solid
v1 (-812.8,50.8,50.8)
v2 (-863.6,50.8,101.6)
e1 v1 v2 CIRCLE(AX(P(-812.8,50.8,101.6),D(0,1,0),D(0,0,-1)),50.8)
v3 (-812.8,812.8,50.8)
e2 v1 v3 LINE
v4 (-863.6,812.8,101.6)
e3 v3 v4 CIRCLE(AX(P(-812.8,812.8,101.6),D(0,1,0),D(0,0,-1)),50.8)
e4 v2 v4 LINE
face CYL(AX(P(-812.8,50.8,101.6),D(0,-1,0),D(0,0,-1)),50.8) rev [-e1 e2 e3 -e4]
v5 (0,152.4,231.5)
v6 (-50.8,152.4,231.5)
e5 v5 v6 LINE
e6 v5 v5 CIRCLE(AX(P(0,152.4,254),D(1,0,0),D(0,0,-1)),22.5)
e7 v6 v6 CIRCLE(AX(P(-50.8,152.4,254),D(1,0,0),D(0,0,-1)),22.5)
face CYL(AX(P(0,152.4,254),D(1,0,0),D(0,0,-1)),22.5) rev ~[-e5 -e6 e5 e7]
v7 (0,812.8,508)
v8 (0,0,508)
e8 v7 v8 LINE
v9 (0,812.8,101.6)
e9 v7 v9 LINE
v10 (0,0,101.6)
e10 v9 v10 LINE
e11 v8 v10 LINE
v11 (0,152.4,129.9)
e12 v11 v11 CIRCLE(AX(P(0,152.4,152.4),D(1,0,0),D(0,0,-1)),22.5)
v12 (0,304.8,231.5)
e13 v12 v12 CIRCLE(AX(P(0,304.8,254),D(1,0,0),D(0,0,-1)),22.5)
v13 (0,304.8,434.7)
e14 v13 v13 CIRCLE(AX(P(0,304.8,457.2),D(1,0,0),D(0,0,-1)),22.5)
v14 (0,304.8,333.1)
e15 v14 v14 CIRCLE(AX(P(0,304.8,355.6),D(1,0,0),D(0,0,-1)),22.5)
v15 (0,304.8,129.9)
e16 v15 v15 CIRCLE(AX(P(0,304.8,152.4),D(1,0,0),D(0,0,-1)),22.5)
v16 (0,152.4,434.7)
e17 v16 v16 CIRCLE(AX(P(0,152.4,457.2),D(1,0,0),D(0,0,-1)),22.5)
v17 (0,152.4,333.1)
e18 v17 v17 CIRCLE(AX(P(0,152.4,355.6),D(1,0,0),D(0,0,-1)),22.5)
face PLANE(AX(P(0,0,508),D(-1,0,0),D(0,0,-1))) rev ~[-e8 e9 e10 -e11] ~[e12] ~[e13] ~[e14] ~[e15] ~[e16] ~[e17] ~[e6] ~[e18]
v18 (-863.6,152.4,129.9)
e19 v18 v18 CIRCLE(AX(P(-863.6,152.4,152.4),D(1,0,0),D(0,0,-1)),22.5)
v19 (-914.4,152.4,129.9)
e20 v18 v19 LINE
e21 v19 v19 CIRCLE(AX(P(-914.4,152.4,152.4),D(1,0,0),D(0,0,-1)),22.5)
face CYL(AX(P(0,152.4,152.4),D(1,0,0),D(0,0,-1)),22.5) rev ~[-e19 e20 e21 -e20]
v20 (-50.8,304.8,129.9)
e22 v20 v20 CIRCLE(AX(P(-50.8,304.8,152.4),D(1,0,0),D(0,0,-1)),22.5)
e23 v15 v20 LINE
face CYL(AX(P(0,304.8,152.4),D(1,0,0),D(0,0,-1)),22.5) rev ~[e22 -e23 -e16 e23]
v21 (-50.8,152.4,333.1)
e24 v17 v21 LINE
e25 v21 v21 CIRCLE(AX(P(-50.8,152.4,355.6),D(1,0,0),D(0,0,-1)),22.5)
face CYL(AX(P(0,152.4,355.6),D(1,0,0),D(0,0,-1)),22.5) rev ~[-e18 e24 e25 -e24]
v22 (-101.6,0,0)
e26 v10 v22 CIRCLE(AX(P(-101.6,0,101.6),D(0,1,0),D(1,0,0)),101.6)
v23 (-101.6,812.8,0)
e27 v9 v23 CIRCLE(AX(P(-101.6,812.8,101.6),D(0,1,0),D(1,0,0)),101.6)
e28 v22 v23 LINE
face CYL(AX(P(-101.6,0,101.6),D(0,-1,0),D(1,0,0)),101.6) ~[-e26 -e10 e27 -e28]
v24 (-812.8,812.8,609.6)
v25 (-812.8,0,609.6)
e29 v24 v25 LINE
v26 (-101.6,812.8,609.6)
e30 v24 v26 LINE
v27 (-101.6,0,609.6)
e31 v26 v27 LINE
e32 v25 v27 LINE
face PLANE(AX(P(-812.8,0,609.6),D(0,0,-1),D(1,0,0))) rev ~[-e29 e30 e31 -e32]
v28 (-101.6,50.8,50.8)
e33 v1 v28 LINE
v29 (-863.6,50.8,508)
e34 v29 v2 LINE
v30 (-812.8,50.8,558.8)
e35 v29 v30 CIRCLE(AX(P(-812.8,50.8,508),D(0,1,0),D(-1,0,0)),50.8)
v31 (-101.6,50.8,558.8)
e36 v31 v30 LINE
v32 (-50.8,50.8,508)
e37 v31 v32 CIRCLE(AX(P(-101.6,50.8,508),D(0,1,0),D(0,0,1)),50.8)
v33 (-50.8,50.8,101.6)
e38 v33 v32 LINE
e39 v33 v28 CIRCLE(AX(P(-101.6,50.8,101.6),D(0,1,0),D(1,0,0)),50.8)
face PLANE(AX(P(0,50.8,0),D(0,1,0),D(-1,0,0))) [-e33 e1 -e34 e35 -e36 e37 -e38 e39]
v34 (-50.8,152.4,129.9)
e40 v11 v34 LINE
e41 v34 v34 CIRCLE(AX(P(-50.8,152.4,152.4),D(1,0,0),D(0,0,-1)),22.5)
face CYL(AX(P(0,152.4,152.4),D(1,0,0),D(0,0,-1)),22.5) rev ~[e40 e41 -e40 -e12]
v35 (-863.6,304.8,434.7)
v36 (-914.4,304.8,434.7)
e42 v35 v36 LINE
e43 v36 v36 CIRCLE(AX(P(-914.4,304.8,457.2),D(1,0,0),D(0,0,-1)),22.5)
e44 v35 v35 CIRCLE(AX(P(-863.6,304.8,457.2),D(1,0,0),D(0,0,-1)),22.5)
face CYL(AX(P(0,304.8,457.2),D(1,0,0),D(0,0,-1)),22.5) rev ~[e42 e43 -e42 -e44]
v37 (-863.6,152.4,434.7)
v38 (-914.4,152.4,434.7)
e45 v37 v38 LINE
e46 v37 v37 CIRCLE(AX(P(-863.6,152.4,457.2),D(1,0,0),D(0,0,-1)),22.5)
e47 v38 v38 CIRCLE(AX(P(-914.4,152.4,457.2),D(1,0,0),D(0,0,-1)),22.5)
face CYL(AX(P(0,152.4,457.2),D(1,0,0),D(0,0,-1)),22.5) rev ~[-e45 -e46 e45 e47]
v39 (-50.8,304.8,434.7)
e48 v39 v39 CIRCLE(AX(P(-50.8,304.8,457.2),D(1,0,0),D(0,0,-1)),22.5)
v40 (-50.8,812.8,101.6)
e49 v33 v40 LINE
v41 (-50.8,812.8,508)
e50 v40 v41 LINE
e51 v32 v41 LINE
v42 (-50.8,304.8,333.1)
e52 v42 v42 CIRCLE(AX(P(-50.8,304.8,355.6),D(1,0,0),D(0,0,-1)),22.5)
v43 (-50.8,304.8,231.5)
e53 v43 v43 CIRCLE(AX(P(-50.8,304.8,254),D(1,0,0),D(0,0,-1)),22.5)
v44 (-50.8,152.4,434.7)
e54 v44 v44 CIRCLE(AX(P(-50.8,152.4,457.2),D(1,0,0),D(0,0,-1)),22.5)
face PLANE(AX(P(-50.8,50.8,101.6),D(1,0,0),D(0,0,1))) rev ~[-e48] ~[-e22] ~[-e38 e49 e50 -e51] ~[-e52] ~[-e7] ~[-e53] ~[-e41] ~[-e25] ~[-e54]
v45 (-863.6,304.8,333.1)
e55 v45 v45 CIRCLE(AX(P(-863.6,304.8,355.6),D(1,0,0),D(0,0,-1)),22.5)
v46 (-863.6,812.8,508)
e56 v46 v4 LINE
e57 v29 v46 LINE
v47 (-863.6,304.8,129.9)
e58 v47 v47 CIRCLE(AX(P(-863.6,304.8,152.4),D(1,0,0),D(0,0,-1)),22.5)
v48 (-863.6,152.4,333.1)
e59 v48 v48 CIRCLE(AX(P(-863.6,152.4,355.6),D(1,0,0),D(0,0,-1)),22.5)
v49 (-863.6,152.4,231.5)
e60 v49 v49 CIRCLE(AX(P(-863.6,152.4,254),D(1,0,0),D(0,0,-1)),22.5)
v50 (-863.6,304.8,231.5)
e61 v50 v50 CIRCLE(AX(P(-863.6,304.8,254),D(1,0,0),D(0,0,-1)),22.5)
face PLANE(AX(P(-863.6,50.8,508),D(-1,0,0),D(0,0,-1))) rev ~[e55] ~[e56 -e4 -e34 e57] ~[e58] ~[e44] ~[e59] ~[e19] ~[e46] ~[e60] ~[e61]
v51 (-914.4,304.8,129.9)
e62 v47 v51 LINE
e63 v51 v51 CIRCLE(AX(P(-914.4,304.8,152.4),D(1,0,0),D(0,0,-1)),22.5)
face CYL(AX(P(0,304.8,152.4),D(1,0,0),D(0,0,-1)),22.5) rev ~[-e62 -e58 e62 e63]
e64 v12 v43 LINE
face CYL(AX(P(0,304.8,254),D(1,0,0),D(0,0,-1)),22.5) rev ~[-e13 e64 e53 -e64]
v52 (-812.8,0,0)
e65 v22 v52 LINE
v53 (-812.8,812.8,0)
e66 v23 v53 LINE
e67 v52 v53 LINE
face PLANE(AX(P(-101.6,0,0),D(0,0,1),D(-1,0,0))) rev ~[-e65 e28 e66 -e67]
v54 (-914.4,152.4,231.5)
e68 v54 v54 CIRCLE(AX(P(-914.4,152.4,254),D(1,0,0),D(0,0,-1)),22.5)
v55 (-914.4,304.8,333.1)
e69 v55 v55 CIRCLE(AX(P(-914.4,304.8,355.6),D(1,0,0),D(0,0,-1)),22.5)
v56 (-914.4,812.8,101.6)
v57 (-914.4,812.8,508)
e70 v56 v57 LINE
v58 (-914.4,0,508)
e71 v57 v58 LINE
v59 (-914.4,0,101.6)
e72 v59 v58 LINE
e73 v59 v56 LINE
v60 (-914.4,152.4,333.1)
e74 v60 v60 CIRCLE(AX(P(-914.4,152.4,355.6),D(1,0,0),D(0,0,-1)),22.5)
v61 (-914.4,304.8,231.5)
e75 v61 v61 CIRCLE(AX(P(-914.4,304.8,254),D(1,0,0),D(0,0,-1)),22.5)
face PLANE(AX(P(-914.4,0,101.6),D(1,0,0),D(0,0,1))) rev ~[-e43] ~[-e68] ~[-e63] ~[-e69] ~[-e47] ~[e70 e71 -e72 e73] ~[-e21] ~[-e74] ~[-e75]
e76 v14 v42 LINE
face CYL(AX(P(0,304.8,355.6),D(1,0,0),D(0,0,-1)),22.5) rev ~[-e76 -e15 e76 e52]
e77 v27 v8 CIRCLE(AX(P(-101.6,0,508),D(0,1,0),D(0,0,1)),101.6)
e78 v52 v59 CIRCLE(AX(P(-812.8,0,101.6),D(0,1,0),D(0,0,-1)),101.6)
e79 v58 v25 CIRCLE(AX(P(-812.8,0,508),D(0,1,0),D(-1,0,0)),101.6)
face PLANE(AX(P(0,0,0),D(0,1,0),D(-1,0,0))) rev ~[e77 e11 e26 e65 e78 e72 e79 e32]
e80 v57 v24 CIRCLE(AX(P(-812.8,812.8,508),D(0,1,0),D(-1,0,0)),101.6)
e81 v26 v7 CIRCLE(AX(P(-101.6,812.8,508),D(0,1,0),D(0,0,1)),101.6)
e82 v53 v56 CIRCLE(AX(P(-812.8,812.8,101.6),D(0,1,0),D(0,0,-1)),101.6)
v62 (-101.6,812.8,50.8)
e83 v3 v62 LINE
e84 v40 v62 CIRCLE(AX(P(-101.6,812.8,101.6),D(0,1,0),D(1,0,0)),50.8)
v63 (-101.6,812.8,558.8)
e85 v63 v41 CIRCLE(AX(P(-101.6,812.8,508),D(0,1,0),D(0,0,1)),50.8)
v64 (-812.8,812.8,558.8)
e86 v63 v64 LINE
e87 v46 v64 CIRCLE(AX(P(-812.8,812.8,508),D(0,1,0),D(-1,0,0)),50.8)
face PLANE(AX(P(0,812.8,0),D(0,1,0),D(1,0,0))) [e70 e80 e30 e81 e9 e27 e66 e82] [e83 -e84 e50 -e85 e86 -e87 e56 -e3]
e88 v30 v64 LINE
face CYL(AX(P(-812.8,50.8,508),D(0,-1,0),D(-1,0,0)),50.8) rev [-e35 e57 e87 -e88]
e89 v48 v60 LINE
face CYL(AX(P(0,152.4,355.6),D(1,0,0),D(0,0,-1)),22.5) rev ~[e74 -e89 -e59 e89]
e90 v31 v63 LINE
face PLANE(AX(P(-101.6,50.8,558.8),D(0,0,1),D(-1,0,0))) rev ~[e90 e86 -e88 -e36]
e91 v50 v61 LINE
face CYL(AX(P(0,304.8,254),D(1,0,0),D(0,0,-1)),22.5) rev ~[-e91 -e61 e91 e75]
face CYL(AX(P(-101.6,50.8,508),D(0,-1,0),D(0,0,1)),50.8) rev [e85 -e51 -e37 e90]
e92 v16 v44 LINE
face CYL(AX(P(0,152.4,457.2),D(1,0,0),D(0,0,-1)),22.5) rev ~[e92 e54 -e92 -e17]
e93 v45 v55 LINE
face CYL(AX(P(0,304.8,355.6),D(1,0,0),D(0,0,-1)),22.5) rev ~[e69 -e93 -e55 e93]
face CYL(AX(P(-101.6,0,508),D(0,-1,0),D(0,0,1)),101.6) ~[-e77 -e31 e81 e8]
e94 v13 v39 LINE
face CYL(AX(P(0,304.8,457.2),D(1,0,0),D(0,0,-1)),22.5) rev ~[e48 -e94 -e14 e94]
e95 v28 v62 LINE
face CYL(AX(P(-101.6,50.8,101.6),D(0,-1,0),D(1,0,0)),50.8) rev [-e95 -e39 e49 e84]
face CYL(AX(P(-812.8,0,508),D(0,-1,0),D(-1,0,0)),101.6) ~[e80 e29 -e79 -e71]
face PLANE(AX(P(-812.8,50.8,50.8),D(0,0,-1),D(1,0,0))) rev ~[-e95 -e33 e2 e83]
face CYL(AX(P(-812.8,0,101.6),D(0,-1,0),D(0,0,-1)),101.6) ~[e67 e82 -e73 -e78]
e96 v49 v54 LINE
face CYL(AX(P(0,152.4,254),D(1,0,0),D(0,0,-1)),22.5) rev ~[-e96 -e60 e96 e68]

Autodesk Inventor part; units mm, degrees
ref_plane "YZ Plane" through (0, 0, 0) normal (1, 0, 0) x (0, 1, 0)
ref_plane "XZ Plane" through (0, 0, 0) normal (0, 1, 0) x (-1, 0, 0)
ref_plane "XY Plane" through (0, 0, 0) normal (0, 0, 1) x (1, 0, 0)
sketch "Sketch1" plane through (0, 0, 0) normal (0, 1, 0) x (-1, 0, 0)
  line L0 (101.6, 0) -> (812.8, 0)
  line L1 (914.4, 101.6) -> (914.4, 508)
  line L2 (812.8, 609.6) -> (101.6, 609.6)
  line L3 (0, 508) -> (0, 101.6)
  arc A0 (101.6, 609.6) -> (0, 508) centre (101.6, 508) ccw
  arc A1 (0, 101.6) -> (101.6, 0) centre (101.6, 101.6) ccw
  arc A2 (812.8, 0) -> (914.4, 101.6) centre (812.8, 101.6) ccw
  arc A3 (914.4, 508) -> (812.8, 609.6) centre (812.8, 508) ccw
  point P0 (0, 0)
  point P1 (914.4, 609.6)
  point P2 (914.4, 0)
  point P3 (0, 609.6)
  dimension "d0" = 914.4
  dimension "d1" = 609.6
  dimension "d9" = 101.6
extrude "Extrusion1" add sketch "Sketch1" along normal blind 50.8
sketch "Sketch3" plane through (0, 50.8, 0) normal (0, 1, 0) x (1, 0, 0)
  line L0 (0, -508) -> (0, -101.6) projected
  arc A0 (0, -101.6) -> (-101.6, 0) centre (-101.6, -101.6) ccw projected
  line L1 (-101.6, 0) -> (-812.8, 0) projected
  arc A1 (-812.8, 0) -> (-914.4, -101.6) centre (-812.8, -101.6) ccw projected
  line L2 (-914.4, -101.6) -> (-914.4, -508) projected
  arc A2 (-914.4, -508) -> (-812.8, -609.6) centre (-812.8, -508) ccw projected
  line L3 (-812.8, -609.6) -> (-101.6, -609.6) projected
  arc A3 (-101.6, -609.6) -> (0, -508) centre (-101.6, -508) ccw projected
  line L4 (-812.8, -50.8) -> (-101.6, -50.8)
  arc A4 (-50.8, -101.6) -> (-101.6, -50.8) centre (-101.6, -101.6) ccw
  line L5 (-50.8, -101.6) -> (-50.8, -508)
  arc A5 (-101.6, -558.8) -> (-50.8, -508) centre (-101.6, -508) ccw
  line L6 (-101.6, -558.8) -> (-812.8, -558.8)
  arc A6 (-863.6, -508) -> (-812.8, -558.8) centre (-812.8, -508) ccw
  line L7 (-863.6, -508) -> (-863.6, -101.6)
  arc A7 (-812.8, -50.8) -> (-863.6, -101.6) centre (-812.8, -101.6) ccw
  point P0 (0, 0)
  dimension "d10" = 50.8
extrude "Extrusion3" add sketch "Sketch3" along normal blind 762
sketch "Sketch10" plane through (0, 0, 508) normal (1, 0, 0) x (0, 0, -1)
  circle A0 centre (50.8, 152.4) radius 22.5
  circle A1 centre (152.4, 152.4) radius 22.5
  circle A2 centre (254, 152.4) radius 22.5
  circle A3 centre (355.6, 152.4) radius 22.5
  line L0 (0, 0) -> (0, 812.8) projected
  line L1 (0, 0) -> (406.4, 0) projected
  circle A4 centre (50.8, 304.8) radius 22.5
  circle A5 centre (152.4, 304.8) radius 22.5
  circle A6 centre (254, 304.8) radius 22.5
  circle A7 centre (355.6, 304.8) radius 22.5
  dimension "d56" = 45
  dimension "d57" = 45
  dimension "d58" = 45
  dimension "d59" = 45
  dimension "d60" = 50.8
  dimension "d61" = 101.6
  dimension "d62" = 101.6
  dimension "d63" = 101.6
  dimension "d64" = 152.4
  dimension "d67" = 45
  dimension "d68" = 45
  dimension "d69" = 45
  dimension "d70" = 45
  dimension "d71" = 152.4
extrude "Extrusion4" cut sketch "Sketch10" against normal through all
properties part number "pullbox"
